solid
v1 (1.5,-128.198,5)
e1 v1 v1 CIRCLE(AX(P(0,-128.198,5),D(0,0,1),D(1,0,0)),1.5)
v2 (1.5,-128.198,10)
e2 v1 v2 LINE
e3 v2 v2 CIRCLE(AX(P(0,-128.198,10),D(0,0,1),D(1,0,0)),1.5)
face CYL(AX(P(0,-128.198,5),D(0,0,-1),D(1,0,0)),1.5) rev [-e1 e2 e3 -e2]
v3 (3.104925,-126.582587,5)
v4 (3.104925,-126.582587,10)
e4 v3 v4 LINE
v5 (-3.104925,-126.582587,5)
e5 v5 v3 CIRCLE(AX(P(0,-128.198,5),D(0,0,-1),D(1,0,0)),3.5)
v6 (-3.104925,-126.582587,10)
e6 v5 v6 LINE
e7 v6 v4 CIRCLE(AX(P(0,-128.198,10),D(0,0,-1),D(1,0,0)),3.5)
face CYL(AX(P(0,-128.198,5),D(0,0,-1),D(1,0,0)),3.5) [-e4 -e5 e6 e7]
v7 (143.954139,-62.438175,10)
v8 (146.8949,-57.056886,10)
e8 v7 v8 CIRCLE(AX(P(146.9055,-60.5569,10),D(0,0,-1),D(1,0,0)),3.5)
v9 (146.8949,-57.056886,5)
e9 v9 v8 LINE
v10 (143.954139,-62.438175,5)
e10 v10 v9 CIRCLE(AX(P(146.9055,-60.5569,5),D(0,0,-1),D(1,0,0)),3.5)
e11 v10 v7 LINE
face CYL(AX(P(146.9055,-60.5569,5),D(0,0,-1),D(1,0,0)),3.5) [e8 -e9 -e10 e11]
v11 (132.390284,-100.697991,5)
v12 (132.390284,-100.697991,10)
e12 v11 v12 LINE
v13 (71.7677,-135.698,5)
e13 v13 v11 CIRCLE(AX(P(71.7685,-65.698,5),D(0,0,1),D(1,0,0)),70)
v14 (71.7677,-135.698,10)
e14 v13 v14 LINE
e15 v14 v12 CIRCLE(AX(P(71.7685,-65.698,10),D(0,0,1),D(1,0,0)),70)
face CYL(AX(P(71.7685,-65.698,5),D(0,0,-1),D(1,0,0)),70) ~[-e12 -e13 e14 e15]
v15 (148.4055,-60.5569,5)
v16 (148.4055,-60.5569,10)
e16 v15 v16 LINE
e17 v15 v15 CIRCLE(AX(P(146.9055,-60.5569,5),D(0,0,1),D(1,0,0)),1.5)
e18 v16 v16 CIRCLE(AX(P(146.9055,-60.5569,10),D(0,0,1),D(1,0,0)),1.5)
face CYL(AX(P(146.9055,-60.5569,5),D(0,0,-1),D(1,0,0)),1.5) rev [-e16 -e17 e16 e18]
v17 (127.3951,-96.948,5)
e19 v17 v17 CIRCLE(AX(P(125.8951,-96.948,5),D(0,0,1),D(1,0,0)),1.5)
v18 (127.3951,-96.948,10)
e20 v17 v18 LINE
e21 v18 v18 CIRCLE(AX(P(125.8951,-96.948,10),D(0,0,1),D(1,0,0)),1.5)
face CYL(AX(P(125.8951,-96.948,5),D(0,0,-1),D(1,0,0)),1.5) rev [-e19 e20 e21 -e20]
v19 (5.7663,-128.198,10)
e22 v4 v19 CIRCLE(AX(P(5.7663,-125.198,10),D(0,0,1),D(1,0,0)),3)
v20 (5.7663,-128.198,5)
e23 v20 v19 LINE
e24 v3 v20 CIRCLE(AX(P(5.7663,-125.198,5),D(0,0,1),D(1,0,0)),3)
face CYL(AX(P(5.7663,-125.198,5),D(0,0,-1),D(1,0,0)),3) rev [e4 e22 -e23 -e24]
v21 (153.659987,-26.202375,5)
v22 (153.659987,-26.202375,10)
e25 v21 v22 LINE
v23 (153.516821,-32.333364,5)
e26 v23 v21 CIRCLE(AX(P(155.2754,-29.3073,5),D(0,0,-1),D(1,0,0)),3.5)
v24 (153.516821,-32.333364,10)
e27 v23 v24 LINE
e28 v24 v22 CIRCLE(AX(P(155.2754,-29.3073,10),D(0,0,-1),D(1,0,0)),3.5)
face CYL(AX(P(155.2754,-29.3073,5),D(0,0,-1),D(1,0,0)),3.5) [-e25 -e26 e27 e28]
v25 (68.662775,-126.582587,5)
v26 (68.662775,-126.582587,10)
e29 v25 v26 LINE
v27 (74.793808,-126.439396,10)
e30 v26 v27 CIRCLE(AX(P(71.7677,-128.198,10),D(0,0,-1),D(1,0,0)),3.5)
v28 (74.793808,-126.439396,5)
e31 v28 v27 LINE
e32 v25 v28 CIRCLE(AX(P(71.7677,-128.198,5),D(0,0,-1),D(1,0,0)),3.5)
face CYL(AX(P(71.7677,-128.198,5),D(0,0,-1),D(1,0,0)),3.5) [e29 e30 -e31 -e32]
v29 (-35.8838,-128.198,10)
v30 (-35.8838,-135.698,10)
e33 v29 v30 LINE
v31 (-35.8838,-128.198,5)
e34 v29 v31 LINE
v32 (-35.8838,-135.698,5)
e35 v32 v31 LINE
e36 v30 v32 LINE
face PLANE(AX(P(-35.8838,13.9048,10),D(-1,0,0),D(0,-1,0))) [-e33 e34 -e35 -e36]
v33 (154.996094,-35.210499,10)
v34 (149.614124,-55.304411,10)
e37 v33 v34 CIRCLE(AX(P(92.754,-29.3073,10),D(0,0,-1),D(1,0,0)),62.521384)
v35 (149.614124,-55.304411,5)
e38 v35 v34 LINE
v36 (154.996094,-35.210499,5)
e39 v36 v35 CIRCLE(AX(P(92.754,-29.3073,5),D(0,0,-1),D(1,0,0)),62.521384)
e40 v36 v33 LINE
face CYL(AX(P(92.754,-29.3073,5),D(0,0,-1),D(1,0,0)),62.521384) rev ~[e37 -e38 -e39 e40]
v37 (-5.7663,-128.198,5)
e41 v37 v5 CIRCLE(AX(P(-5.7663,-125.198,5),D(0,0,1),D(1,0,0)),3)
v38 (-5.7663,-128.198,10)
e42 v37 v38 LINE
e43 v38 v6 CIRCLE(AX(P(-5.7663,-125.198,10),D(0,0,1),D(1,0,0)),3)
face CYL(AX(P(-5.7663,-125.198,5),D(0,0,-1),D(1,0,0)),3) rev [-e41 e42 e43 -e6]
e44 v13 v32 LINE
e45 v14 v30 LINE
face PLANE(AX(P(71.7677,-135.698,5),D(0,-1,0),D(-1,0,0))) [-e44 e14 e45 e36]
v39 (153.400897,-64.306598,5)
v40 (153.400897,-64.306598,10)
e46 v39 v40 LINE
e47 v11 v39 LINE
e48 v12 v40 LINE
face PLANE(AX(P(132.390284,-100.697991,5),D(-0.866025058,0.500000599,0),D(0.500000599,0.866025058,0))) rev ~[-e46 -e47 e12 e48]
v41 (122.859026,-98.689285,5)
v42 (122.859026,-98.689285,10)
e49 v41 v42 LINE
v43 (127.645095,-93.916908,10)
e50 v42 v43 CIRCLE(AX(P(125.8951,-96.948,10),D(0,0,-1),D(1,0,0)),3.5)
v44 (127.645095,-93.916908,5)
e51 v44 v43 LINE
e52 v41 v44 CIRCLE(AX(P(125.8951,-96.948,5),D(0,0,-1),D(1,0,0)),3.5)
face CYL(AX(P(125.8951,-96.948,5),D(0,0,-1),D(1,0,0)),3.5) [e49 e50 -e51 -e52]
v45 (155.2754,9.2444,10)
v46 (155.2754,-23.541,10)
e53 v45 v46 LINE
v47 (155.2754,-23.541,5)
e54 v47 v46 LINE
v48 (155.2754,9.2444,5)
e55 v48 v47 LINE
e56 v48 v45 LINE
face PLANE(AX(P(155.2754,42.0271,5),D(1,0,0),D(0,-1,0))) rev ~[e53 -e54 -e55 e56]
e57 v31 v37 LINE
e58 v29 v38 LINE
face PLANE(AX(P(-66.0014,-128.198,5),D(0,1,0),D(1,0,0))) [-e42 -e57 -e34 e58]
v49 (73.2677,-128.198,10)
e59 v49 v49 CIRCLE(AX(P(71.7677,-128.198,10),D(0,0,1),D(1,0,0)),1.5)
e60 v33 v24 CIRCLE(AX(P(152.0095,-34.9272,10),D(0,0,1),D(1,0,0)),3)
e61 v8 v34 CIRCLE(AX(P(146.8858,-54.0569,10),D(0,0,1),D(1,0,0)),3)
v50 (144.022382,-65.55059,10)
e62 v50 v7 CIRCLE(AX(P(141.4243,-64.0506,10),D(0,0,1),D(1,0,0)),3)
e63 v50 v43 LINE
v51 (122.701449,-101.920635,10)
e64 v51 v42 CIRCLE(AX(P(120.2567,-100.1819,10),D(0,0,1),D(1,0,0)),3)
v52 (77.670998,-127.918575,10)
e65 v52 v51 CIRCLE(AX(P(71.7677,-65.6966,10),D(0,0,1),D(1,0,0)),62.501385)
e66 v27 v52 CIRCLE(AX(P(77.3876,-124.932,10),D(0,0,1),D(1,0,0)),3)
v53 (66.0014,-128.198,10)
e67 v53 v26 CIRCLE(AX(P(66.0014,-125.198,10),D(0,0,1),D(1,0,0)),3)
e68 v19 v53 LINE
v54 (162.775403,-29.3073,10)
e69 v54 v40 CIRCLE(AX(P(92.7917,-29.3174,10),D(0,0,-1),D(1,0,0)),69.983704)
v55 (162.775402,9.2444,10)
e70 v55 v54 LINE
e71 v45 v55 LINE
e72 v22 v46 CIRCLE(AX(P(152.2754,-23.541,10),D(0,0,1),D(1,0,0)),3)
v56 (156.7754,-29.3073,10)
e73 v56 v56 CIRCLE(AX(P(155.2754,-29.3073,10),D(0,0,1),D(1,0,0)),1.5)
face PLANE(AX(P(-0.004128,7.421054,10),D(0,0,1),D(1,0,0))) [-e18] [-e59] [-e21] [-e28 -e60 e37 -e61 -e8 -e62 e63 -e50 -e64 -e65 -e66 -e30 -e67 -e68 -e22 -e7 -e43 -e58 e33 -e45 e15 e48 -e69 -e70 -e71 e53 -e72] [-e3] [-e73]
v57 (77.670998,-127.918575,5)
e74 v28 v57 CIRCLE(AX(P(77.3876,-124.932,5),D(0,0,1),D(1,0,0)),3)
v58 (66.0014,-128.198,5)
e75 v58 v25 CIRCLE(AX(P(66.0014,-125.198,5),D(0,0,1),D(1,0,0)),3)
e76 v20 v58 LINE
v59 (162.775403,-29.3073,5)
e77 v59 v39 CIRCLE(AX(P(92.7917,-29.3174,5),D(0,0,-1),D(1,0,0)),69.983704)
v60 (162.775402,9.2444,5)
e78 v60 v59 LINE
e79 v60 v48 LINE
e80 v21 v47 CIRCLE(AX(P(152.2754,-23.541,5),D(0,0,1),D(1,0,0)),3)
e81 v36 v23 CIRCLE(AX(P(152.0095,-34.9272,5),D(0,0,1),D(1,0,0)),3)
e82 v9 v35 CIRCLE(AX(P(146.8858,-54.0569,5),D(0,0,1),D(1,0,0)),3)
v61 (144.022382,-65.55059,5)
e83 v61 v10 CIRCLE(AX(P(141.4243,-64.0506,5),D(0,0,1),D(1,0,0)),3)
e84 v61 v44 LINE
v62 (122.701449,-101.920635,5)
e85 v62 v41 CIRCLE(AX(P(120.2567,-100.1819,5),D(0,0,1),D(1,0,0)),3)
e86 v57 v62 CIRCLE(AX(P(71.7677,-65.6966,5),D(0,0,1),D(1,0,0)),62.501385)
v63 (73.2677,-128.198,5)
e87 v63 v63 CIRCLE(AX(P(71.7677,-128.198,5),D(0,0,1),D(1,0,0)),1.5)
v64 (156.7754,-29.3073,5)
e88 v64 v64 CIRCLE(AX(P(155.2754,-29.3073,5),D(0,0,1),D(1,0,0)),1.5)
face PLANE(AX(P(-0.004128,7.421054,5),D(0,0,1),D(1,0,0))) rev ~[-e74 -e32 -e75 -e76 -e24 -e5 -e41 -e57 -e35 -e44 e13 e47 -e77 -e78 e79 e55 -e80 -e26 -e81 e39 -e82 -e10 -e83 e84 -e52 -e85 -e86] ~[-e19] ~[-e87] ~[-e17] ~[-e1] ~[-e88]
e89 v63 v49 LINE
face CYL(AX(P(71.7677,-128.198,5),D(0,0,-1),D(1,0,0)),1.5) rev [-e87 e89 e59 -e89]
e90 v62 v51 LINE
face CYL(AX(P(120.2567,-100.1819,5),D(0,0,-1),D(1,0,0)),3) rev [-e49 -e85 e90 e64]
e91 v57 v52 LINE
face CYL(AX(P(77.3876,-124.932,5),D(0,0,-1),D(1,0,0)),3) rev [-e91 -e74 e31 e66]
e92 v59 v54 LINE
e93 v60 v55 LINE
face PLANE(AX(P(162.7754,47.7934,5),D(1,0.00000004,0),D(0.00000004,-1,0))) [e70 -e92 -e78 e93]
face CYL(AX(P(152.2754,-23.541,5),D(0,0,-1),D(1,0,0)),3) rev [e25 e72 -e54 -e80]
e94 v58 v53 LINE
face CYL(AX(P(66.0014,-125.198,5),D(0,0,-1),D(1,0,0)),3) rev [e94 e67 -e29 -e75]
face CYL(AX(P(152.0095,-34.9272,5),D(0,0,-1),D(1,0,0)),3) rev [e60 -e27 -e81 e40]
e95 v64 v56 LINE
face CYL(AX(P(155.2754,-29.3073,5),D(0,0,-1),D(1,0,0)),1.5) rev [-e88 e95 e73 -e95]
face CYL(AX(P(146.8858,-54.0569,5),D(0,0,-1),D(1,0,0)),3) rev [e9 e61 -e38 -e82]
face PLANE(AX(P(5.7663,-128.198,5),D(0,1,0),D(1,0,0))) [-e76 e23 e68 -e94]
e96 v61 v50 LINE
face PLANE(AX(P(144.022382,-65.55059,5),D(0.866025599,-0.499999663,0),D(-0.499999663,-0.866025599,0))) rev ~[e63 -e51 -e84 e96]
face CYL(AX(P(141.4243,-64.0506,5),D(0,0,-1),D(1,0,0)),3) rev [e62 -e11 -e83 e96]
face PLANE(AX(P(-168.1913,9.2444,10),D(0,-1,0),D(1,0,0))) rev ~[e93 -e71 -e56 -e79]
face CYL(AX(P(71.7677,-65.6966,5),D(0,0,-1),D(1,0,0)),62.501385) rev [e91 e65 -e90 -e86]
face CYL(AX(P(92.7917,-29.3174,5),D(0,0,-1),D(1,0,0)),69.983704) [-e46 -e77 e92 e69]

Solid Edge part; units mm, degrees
sketch "Sketch1" plane through (0.0007, 14.651, 5) normal (0, 0, 1) x (1, 0, 0)
  line L0 (-114.0407, 98.8093) -> (-57.2599, 131.5929)
  arc A0 (-54.1474, 131.5247) -> (-57.2599, 131.5929) centre (-55.7598, 128.9948) ccw
  arc A1 (-47.0142, 137.1861) -> (-48.7662, 134.4664) centre (-45.7662, 134.458) ccw
  arc A2 (-47.0142, 137.1861) -> (-26.9146, 142.5706) centre (-21.0226, 80.3698) cw
  arc A3 (-24.0376, 141.0909) -> (-26.9146, 142.5706) centre (-26.6317, 139.5839) ccw
  arc A4 (-15.245, 142.849) -> (-17.9063, 141.2336) centre (-15.245, 139.849) ccw
  line L1 (-15.245, 142.849) -> (15.2436, 142.849)
  arc A5 (17.905, 141.2336) -> (15.2436, 142.849) centre (15.2436, 139.849) ccw
  arc A6 (26.9132, 142.5696) -> (24.036, 141.0904) centre (26.6298, 139.583) ccw
  arc A7 (26.9132, 142.5696) -> (47.0027, 137.1869) centre (21.0099, 80.3561) cw
  arc A8 (48.7549, 134.4673) -> (47.0027, 137.1869) centre (45.7549, 134.4587) ccw
  arc A9 (57.2487, 131.5943) -> (54.1362, 131.526) centre (55.7487, 128.9962) ccw
  line L2 (57.2487, 131.5943) -> (114.0299, 98.8129)
  arc A10 (115.5271, 96.0833) -> (114.0299, 98.8129) centre (112.5299, 96.2148) ccw
  arc A11 (124.0003, 92.7805) -> (120.7849, 92.9052) centre (122.2944, 90.3127) ccw
  arc A12 (124.0003, 92.7805) -> (155.0355, 39.027) centre (82.7747, 33.1424) cw
  arc A13 (153.5358, 36.1799) -> (155.0355, 39.027) centre (152.0454, 38.7835) ccw
  arc A14 (155.2747, 27.3761) -> (153.6593, 30.0375) centre (152.2747, 27.3761) ccw
  line L3 (155.2747, 27.3761) -> (155.2747, -38.192)
  arc A15 (153.6593, -40.8534) -> (155.2747, -38.192) centre (152.2747, -38.192) ccw
  arc A16 (154.9954, -49.8615) -> (153.5161, -46.9844) centre (152.0088, -49.5782) ccw
  arc A17 (154.9954, -49.8615) -> (149.6134, -69.9554) centre (92.7533, -43.9583) cw
  arc A18 (146.8942, -71.7079) -> (149.6134, -69.9554) centre (146.8851, -68.7079) ccw
  arc A19 (144.0217, -80.2016) -> (143.9534, -77.0892) centre (141.4236, -78.7016) ccw
  line L4 (144.0217, -80.2016) -> (127.6444, -108.5679)
  arc A20 (122.7007, -116.5716) -> (122.8583, -113.3403) centre (120.256, -114.8329) ccw
  arc A21 (77.6703, -142.5696) -> (122.7007, -116.5716) centre (71.767, -80.3476) ccw
  arc A22 (74.7931, -141.0904) -> (77.6703, -142.5696) centre (77.3869, -139.583) ccw
  arc A23 (66.0007, -142.849) -> (68.6621, -141.2336) centre (66.0007, -139.849) ccw
  line L5 (5.7656, -142.849) -> (66.0007, -142.849)
  arc A24 (3.1042, -141.2336) -> (5.7656, -142.849) centre (5.7656, -139.849) ccw
  arc A25 (-5.767, -142.849) -> (-3.1056, -141.2336) centre (-5.767, -139.849) ccw
  line L6 (-66.0021, -142.849) -> (-5.767, -142.849)
  arc A26 (-68.6634, -141.2336) -> (-66.0021, -142.849) centre (-66.0021, -139.849) ccw
  arc A27 (-77.6716, -142.5694) -> (-74.7944, -141.0903) centre (-77.3881, -139.5828) ccw
  arc A28 (-122.6994, -116.5717) -> (-77.6716, -142.5694) centre (-71.7665, -80.349) ccw
  arc A29 (-122.857, -113.3404) -> (-122.6994, -116.5717) centre (-120.2547, -114.833) ccw
  arc A30 (-128.7762, -106.6053) -> (-126.0465, -108.1024) centre (-126.1781, -105.1053) ccw
  line L7 (-144.0218, -80.199) -> (-128.7762, -106.6053)
  arc A31 (-143.9535, -77.0865) -> (-144.0218, -80.199) centre (-141.4237, -78.699) ccw
  arc A32 (-149.6144, -69.9531) -> (-146.8949, -71.7053) centre (-146.8862, -68.7053) ccw
  arc A33 (-154.9987, -49.8585) -> (-149.6144, -69.9531) centre (-92.7672, -43.9523) ccw
  arc A34 (-153.5196, -46.9813) -> (-154.9987, -49.8585) centre (-152.0122, -49.5751) ccw
  arc A35 (-155.2786, -38.189) -> (-153.6631, -40.8503) centre (-152.2786, -38.1889) ccw
  line L8 (-155.2818, 27.3758) -> (-155.2786, -38.189)
  arc A36 (-153.6665, 30.0373) -> (-155.2818, 27.3758) centre (-152.2818, 27.376) ccw
  arc A37 (-155.0428, 39.0267) -> (-153.5432, 36.1796) centre (-152.0527, 38.7832) ccw
  arc A38 (-124.0109, 92.7765) -> (-155.0428, 39.0267) centre (-82.7847, 33.1421) ccw
  arc A39 (-120.7955, 92.9014) -> (-124.0109, 92.7765) centre (-122.3049, 90.3088) ccw
  arc A40 (-114.0407, 98.8093) -> (-115.5378, 96.0796) centre (-112.5406, 96.2112) ccw
  arc A41 (-48.7662, 134.4664) -> (-54.1474, 131.5247) centre (-52.2662, 134.4761) cw
  arc A42 (-17.9064, 141.2336) -> (-24.0377, 141.0909) centre (-21.0113, 142.849) cw
  arc A43 (24.036, 141.0904) -> (17.905, 141.2336) centre (21.0099, 142.849) cw
  arc A44 (54.1362, 131.526) -> (48.7549, 134.4673) centre (52.2549, 134.4774) cw
  arc A45 (120.7849, 92.9052) -> (115.5271, 96.0832) centre (119.0237, 95.9298) cw
  arc A46 (153.6593, 30.0375) -> (153.5358, 36.1799) centre (155.2747, 33.1424) cw
  arc A47 (153.5161, -46.9844) -> (153.6593, -40.8534) centre (155.2747, -43.9583) cw
  arc A48 (143.9534, -77.0891) -> (146.8942, -71.7079) centre (146.9048, -75.2079) cw
  arc A49 (122.8584, -113.3404) -> (127.6444, -108.5679) centre (125.8944, -111.599) cw
  arc A50 (68.6621, -141.2336) -> (74.7931, -141.0904) centre (71.767, -142.849) cw
  arc A51 (-3.1056, -141.2336) -> (3.1042, -141.2336) centre (-0.0007, -142.849) cw
  arc A52 (-74.7944, -141.0903) -> (-68.6635, -141.2336) centre (-71.7684, -142.849) cw
  arc A53 (-126.0466, -108.1024) -> (-122.857, -113.3404) centre (-125.8931, -111.599) cw
  arc A54 (-146.8949, -71.7053) -> (-143.9536, -77.0866) centre (-146.905, -75.2053) cw
  arc A55 (-153.6632, -40.8503) -> (-153.5196, -46.9813) centre (-155.2784, -43.9553) cw
  arc A56 (-153.5432, 36.1796) -> (-153.6665, 30.0373) centre (-155.2821, 33.1421) cw
  arc A57 (-115.5377, 96.0796) -> (-120.7955, 92.9014) centre (-119.0344, 95.926) cw
  line L9 (-56.0166, 140.971) -> (-122.7845, 102.4212)
  arc A58 (-162.7821, 33.1421) -> (-122.7845, 102.4212) centre (-82.7847, 33.1421) cw
  line L10 (-162.7821, 33.1421) -> (-162.7784, -43.9553)
  arc A59 (-162.7784, -43.9553) -> (-153.4002, -78.9553) centre (-92.7784, -43.9553) ccw
  line L11 (-132.3882, -115.349) -> (-153.4002, -78.9553)
  arc A60 (-132.3882, -115.349) -> (-71.7683, -150.349) centre (-71.7665, -80.349) ccw
  line L12 (71.767, -150.349) -> (-71.7683, -150.349)
  arc A61 (71.767, -150.349) -> (132.3896, -115.349) centre (71.7678, -80.349) ccw
  line L13 (132.3896, -115.349) -> (153.4002, -78.9576)
  arc A62 (162.7747, -43.9583) -> (153.4002, -78.9576) centre (92.791, -43.9684) cw
  line L14 (162.7747, 33.1424) -> (162.7747, -43.9583)
  arc A63 (122.7736, 102.4251) -> (162.7747, 33.1424) centre (82.7747, 33.1424) cw
  line L15 (56.0045, 140.9728) -> (122.7736, 102.4251)
  arc A64 (21.0099, 150.349) -> (56.0045, 140.9728) centre (21.008, 80.349) cw
  line L16 (-21.0112, 150.349) -> (21.0099, 150.349)
  arc A65 (-32.5074, 149.4015) -> (-21.0112, 150.349) centre (-20.997, 79.961) cw
  arc A66 (-44.641, 146.2432) -> (-32.5074, 149.4015) centre (-21.0122, 80.3518) cw
  arc A67 (-56.0166, 140.971) -> (-44.641, 146.2432) centre (-21.0122, 80.3518) cw
  circle A68 centre (-71.7683, -142.849) radius 1.5
  circle A69 centre (-0.0007, -142.849) radius 1.5
  circle A70 centre (-125.893, -111.599) radius 1.5
  circle A71 centre (-146.905, -75.2053) radius 1.5
  circle A72 centre (-155.2784, -43.9553) radius 1.5
  circle A73 centre (-155.2821, 33.1421) radius 1.5
  circle A74 centre (-119.0344, 95.9261) radius 1.5
  circle A75 centre (-52.2662, 134.4761) radius 1.5
  circle A76 centre (-21.0112, 142.849) radius 1.5
  circle A77 centre (21.0099, 142.849) radius 1.5
  circle A78 centre (52.2549, 134.4774) radius 1.5
  circle A79 centre (119.0237, 95.9298) radius 1.5
  circle A80 centre (155.2747, 33.1424) radius 1.5
  circle A81 centre (155.2747, -43.9583) radius 1.5
  circle A82 centre (146.9048, -75.2079) radius 1.5
  circle A83 centre (125.8944, -111.599) radius 1.5
  circle A84 centre (71.767, -142.849) radius 1.5
extrude "ExtrudedProtrusion_7" add sketch "Sketch1" along normal blind 5
sketch "Sketch2" plane through (-0.003, 14.651, 10) normal (0, 0, 1) x (1, 0, 0)
  line L0 (-168.1883, -5.4066) -> (170.0115, -5.4066)
  line L1 (170.0115, -5.4066) -> (170.0115, 153.6029)
  line L2 (170.0115, 153.6029) -> (-168.1883, 153.6029)
  line L3 (-168.1883, 153.6029) -> (-168.1883, -5.4066)
extrude "Cutout1" cut sketch "Sketch2" against normal up to next
sketch "Sketch3" plane through (-0.0021, -63.2268, 10) normal (0, 0, 1) x (1, 0, 0)
  line L0 (-35.8817, -72.4712) -> (-192.1854, -72.4712)
  line L1 (-192.1854, -72.4712) -> (-192.1854, 77.1316)
  line L2 (-192.1854, 77.1316) -> (-35.8817, 77.1316)
  line L3 (-35.8817, 77.1316) -> (-35.8817, -72.4712)
extrude "Cutout2" cut sketch "Sketch3" against normal up to next
properties material "Polycarbonate"
